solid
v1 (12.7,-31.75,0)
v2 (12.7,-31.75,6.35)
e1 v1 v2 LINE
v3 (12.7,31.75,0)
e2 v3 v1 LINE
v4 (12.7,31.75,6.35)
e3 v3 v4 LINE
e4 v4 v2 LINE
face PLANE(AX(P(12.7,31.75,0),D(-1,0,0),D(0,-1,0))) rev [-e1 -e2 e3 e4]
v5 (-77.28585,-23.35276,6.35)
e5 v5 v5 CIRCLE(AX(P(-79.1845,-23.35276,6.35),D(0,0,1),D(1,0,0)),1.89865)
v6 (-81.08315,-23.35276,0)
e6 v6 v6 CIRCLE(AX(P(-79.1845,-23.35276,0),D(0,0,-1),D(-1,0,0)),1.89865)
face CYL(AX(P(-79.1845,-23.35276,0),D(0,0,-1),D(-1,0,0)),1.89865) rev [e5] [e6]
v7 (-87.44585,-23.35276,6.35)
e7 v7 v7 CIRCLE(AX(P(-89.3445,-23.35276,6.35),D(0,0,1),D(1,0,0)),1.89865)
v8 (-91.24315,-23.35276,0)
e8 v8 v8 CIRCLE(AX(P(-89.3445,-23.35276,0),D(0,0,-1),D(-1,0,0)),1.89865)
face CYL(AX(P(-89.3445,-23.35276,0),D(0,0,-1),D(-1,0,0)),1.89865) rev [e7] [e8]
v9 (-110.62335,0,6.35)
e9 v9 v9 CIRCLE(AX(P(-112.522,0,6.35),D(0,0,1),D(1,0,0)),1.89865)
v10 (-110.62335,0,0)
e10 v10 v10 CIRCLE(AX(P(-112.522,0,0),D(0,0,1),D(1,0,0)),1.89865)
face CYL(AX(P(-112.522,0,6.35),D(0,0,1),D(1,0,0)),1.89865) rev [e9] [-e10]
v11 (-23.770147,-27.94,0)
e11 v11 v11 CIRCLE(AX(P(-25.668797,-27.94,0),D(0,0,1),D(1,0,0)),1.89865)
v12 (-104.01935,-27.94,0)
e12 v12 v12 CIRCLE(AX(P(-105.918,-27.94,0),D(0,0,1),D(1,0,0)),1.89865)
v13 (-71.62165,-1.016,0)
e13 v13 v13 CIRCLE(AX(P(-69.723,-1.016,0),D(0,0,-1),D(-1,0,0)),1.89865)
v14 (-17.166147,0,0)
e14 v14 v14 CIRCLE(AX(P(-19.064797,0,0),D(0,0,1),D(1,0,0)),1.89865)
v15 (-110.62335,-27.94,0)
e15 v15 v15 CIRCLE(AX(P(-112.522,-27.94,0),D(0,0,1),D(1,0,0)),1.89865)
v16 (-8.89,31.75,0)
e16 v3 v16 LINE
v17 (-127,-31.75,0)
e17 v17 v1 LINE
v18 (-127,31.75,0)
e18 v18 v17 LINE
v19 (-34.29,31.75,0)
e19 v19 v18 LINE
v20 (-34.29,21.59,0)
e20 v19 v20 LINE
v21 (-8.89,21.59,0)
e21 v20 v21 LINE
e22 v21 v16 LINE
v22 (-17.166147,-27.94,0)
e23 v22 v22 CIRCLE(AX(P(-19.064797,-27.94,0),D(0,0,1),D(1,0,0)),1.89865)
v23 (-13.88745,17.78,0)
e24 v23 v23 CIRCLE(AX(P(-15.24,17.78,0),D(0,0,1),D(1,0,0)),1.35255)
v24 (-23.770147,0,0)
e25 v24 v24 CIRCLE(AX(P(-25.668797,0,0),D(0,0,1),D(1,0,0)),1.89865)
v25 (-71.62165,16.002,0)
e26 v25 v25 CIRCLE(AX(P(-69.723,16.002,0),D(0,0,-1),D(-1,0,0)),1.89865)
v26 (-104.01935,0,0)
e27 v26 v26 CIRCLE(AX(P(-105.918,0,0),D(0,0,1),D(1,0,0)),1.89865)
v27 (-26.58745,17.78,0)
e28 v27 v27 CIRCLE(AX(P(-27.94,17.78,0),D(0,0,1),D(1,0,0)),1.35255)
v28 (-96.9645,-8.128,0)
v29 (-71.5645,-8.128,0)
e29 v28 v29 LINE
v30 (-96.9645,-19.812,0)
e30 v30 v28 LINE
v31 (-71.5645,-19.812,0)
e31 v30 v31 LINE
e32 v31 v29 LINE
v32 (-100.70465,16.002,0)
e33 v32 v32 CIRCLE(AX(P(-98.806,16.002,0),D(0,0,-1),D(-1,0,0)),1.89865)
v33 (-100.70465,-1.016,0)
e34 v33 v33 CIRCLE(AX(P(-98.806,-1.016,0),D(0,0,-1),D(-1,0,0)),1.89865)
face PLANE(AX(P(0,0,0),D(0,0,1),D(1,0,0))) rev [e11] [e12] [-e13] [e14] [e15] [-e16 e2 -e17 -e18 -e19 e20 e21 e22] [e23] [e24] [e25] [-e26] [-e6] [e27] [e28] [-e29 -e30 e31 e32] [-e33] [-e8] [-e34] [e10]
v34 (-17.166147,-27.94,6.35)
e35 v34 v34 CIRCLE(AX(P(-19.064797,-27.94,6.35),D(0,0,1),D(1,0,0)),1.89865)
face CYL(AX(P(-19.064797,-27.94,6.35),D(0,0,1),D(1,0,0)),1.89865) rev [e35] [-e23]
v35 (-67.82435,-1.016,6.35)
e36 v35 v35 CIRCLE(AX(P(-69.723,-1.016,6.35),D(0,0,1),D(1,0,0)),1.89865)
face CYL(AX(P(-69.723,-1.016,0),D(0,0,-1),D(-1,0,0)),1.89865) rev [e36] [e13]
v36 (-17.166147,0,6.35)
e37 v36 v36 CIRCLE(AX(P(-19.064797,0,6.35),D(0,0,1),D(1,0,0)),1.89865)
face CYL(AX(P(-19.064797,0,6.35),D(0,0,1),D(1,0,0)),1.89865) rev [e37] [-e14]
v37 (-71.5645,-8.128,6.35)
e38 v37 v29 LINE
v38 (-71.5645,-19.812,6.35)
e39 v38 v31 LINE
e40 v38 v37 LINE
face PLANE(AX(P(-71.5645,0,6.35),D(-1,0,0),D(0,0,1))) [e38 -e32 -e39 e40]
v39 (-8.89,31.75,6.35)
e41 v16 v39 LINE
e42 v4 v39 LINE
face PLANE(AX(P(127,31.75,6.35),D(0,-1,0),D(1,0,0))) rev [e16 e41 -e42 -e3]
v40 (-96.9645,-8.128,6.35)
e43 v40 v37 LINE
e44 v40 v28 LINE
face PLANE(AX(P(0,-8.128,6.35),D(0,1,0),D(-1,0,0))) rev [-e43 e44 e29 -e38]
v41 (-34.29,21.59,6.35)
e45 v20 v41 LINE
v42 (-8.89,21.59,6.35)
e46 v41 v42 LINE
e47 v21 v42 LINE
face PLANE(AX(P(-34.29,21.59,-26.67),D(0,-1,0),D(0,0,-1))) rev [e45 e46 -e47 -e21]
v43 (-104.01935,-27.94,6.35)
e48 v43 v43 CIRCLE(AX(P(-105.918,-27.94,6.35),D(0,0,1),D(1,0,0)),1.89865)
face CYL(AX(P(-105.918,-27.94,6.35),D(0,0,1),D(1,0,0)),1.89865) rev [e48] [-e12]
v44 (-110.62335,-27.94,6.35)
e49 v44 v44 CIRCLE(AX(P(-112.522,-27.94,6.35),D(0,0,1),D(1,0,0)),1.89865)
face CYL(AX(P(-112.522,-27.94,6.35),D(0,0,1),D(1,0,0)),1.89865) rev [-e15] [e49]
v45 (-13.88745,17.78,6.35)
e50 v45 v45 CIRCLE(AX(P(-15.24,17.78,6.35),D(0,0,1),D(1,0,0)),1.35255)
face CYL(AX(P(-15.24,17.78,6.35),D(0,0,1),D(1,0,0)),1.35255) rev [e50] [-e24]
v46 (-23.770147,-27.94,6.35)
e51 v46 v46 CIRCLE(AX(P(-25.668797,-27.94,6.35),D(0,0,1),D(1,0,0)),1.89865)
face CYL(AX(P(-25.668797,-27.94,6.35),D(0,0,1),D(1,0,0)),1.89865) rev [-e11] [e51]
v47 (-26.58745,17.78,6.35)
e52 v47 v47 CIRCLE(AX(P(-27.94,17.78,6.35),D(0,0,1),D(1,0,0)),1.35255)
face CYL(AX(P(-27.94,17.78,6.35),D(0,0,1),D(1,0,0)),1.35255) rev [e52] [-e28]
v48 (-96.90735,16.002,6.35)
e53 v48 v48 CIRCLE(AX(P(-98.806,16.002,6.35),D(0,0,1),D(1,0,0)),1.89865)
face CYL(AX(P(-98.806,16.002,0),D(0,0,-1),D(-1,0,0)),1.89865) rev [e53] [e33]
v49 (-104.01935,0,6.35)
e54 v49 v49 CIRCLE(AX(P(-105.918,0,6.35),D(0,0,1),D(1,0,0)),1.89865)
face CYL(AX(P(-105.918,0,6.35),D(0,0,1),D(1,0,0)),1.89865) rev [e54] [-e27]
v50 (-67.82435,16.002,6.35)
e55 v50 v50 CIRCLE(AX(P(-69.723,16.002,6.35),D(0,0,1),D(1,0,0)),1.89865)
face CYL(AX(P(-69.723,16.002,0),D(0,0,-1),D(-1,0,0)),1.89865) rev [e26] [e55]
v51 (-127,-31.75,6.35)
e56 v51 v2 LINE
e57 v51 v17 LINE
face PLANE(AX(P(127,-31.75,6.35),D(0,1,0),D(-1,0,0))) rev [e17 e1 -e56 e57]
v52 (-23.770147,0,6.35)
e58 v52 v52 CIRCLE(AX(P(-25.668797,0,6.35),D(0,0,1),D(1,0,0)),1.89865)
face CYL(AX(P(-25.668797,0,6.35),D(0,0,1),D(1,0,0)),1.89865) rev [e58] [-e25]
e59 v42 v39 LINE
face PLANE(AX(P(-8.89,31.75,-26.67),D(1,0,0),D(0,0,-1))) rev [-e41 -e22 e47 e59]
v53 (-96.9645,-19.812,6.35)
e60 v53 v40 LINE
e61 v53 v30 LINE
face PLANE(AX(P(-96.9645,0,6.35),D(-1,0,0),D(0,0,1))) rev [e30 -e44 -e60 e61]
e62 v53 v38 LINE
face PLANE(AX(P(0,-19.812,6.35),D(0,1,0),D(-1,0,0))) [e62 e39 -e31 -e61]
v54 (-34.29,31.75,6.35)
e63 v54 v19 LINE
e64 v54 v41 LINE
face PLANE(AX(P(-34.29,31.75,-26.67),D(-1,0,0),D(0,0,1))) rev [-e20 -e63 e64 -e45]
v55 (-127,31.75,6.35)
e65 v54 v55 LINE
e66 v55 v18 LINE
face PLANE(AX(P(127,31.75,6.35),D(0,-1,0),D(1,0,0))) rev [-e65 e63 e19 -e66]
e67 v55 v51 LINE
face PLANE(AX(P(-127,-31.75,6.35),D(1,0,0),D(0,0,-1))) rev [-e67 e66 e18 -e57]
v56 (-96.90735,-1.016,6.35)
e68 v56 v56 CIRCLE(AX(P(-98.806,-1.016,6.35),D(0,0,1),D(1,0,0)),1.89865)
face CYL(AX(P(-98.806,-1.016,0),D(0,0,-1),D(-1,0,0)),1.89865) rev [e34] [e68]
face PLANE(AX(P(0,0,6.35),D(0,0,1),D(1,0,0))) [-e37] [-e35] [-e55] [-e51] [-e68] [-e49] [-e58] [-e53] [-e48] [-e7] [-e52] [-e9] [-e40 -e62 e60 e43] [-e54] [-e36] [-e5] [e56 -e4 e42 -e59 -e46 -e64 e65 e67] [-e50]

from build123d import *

# Parameters (mm, degrees)
SKETCH1_W                     = 254
SKETCH1_H                     = 63.5
BOSS_EXTRUDE1_DEPTH           = 6.35
F_6_CLEARANCE_HOLE1_D         = 3.7973
F_6_CLEARANCE_HOLE1_DEPTH     = 6.35
F_6_CLEARANCE_HOLE1_TIP       = 1.140824014
F_6_CLEARANCE_HOLE2_D         = 3.7973
F_6_CLEARANCE_HOLE2_DEPTH     = 7.62
F_6_CLEARANCE_HOLE2_TIP       = 1.140824014
SKETCH21_W                    = 12.7
SKETCH21_H                    = 11.684
CUT_EXTRUDE7_DEPTH            = 132.062523247
F_6_CLEARANCE_HOLE3_D         = 3.7973
F_6_CLEARANCE_HOLE3_DEPTH     = 7.62
F_6_CLEARANCE_HOLE3_TIP       = 1.140824014
F_6_CLEARANCE_HOLE4_D         = 3.7973
F_6_CLEARANCE_HOLE4_DEPTH     = 7.62
F_6_CLEARANCE_HOLE4_TIP       = 1.140824014
SKETCH27_W                    = 114.3
SKETCH27_H                    = 63.5
CUT_EXTRUDE9_DEPTH            = 132.062523247
SKETCH28_W                    = 25.4
SKETCH28_H                    = 10.16
CUT_EXTRUDE10_DEPTH           = 33.02
TAP_DRILL_FOR_6_32_TAP1_D     = 2.7051
TAP_DRILL_FOR_6_32_TAP1_DEPTH = 10.16
TAP_DRILL_FOR_6_32_TAP1_TIP   = 0.81269403
F_6_CLEARANCE_HOLE5_D         = 3.7973
F_6_CLEARANCE_HOLE5_DEPTH     = 10.16
F_6_CLEARANCE_HOLE5_TIP       = 1.140824014


with BuildPart() as part:
    # Sketch1 → Boss-Extrude1 (new body)
    with BuildSketch(Plane.XY):
        Rectangle(SKETCH1_W, SKETCH1_H)
    extrude(amount=BOSS_EXTRUDE1_DEPTH)

    # #6 Clearance Hole1
    with Locations(Plane.XY.offset(6.35)):
        with Locations((-105.918, 0), (-112.522, -27.94), (-112.522, 0), (-105.918, -27.94)):
            Hole(F_6_CLEARANCE_HOLE1_D / 2, depth=F_6_CLEARANCE_HOLE1_DEPTH)
            with Locations((0, 0, -(F_6_CLEARANCE_HOLE1_DEPTH + F_6_CLEARANCE_HOLE1_TIP / 2))):  # 118° drill point
                Cone(0, F_6_CLEARANCE_HOLE1_D / 2, F_6_CLEARANCE_HOLE1_TIP, mode=Mode.SUBTRACT)

    # #6 Clearance Hole2
    with Locations(Plane(origin=(0, 0, 0), x_dir=(-1, 0, 0), z_dir=(0, 0, -1))):
        with Locations((98.806, -1.016), (69.723, -1.016)):
            Hole(F_6_CLEARANCE_HOLE2_D / 2, depth=F_6_CLEARANCE_HOLE2_DEPTH)
            with Locations((0, 0, -(F_6_CLEARANCE_HOLE2_DEPTH + F_6_CLEARANCE_HOLE2_TIP / 2))):  # 118° drill point
                Cone(0, F_6_CLEARANCE_HOLE2_D / 2, F_6_CLEARANCE_HOLE2_TIP, mode=Mode.SUBTRACT)

    # Sketch21 → Cut-Extrude7 (cut, through all)
    with BuildSketch(Plane(origin=(0, 0, 0), x_dir=(-1, 0, 0), z_dir=(0, 0, -1))):
        with Locations((77.9145, -13.97)):
            Rectangle(SKETCH21_W, SKETCH21_H)
        with Locations((90.6145, -13.97)):
            Rectangle(SKETCH21_W, SKETCH21_H)
    extrude(amount=-CUT_EXTRUDE7_DEPTH, mode=Mode.SUBTRACT)

    # #6 Clearance Hole3
    with Locations(Plane(origin=(0, 0, 0), x_dir=(-1, 0, 0), z_dir=(0, 0, -1))):
        with Locations((69.723, 16.002), (98.806, 16.002)):
            Hole(F_6_CLEARANCE_HOLE3_D / 2, depth=F_6_CLEARANCE_HOLE3_DEPTH)
            with Locations((0, 0, -(F_6_CLEARANCE_HOLE3_DEPTH + F_6_CLEARANCE_HOLE3_TIP / 2))):  # 118° drill point
                Cone(0, F_6_CLEARANCE_HOLE3_D / 2, F_6_CLEARANCE_HOLE3_TIP, mode=Mode.SUBTRACT)

    # #6 Clearance Hole4
    with Locations(Plane(origin=(0, 0, 0), x_dir=(-1, 0, 0), z_dir=(0, 0, -1))):
        with Locations((79.1845, -23.35276), (89.3445, -23.35276)):
            Hole(F_6_CLEARANCE_HOLE4_D / 2, depth=F_6_CLEARANCE_HOLE4_DEPTH)
            with Locations((0, 0, -(F_6_CLEARANCE_HOLE4_DEPTH + F_6_CLEARANCE_HOLE4_TIP / 2))):  # 118° drill point
                Cone(0, F_6_CLEARANCE_HOLE4_D / 2, F_6_CLEARANCE_HOLE4_TIP, mode=Mode.SUBTRACT)

    # Sketch27 → Cut-Extrude9 (cut, through all)
    with BuildSketch(Plane.XY.offset(6.35)):
        with Locations((69.85, 0)):
            Rectangle(SKETCH27_W, SKETCH27_H)
    extrude(amount=-CUT_EXTRUDE9_DEPTH, mode=Mode.SUBTRACT)

    # Sketch28 → Cut-Extrude10 (cut)
    with BuildSketch(Plane.XY.offset(6.35)):
        with Locations((-21.59, 26.67)):
            Rectangle(SKETCH28_W, SKETCH28_H)
    extrude(amount=-CUT_EXTRUDE10_DEPTH, mode=Mode.SUBTRACT)

    # Tap Drill for #6-32 Tap1
    with Locations(Plane.XY.offset(6.35)):
        with Locations((-27.94, 17.78), (-15.24, 17.78)):
            Hole(TAP_DRILL_FOR_6_32_TAP1_D / 2, depth=TAP_DRILL_FOR_6_32_TAP1_DEPTH)
            with Locations((0, 0, -(TAP_DRILL_FOR_6_32_TAP1_DEPTH + TAP_DRILL_FOR_6_32_TAP1_TIP / 2))):  # 118° drill point
                Cone(0, TAP_DRILL_FOR_6_32_TAP1_D / 2, TAP_DRILL_FOR_6_32_TAP1_TIP, mode=Mode.SUBTRACT)

    # #6 Clearance Hole5
    with Locations(Plane.XY.offset(6.35)):
        with Locations((-25.668797482, 0), (-19.064797482, 0), (-25.668797482, -27.94), (-19.064797482, -27.94)):
            Hole(F_6_CLEARANCE_HOLE5_D / 2, depth=F_6_CLEARANCE_HOLE5_DEPTH)
            with Locations((0, 0, -(F_6_CLEARANCE_HOLE5_DEPTH + F_6_CLEARANCE_HOLE5_TIP / 2))):  # 118° drill point
                Cone(0, F_6_CLEARANCE_HOLE5_D / 2, F_6_CLEARANCE_HOLE5_TIP, mode=Mode.SUBTRACT)


solid = part.part
